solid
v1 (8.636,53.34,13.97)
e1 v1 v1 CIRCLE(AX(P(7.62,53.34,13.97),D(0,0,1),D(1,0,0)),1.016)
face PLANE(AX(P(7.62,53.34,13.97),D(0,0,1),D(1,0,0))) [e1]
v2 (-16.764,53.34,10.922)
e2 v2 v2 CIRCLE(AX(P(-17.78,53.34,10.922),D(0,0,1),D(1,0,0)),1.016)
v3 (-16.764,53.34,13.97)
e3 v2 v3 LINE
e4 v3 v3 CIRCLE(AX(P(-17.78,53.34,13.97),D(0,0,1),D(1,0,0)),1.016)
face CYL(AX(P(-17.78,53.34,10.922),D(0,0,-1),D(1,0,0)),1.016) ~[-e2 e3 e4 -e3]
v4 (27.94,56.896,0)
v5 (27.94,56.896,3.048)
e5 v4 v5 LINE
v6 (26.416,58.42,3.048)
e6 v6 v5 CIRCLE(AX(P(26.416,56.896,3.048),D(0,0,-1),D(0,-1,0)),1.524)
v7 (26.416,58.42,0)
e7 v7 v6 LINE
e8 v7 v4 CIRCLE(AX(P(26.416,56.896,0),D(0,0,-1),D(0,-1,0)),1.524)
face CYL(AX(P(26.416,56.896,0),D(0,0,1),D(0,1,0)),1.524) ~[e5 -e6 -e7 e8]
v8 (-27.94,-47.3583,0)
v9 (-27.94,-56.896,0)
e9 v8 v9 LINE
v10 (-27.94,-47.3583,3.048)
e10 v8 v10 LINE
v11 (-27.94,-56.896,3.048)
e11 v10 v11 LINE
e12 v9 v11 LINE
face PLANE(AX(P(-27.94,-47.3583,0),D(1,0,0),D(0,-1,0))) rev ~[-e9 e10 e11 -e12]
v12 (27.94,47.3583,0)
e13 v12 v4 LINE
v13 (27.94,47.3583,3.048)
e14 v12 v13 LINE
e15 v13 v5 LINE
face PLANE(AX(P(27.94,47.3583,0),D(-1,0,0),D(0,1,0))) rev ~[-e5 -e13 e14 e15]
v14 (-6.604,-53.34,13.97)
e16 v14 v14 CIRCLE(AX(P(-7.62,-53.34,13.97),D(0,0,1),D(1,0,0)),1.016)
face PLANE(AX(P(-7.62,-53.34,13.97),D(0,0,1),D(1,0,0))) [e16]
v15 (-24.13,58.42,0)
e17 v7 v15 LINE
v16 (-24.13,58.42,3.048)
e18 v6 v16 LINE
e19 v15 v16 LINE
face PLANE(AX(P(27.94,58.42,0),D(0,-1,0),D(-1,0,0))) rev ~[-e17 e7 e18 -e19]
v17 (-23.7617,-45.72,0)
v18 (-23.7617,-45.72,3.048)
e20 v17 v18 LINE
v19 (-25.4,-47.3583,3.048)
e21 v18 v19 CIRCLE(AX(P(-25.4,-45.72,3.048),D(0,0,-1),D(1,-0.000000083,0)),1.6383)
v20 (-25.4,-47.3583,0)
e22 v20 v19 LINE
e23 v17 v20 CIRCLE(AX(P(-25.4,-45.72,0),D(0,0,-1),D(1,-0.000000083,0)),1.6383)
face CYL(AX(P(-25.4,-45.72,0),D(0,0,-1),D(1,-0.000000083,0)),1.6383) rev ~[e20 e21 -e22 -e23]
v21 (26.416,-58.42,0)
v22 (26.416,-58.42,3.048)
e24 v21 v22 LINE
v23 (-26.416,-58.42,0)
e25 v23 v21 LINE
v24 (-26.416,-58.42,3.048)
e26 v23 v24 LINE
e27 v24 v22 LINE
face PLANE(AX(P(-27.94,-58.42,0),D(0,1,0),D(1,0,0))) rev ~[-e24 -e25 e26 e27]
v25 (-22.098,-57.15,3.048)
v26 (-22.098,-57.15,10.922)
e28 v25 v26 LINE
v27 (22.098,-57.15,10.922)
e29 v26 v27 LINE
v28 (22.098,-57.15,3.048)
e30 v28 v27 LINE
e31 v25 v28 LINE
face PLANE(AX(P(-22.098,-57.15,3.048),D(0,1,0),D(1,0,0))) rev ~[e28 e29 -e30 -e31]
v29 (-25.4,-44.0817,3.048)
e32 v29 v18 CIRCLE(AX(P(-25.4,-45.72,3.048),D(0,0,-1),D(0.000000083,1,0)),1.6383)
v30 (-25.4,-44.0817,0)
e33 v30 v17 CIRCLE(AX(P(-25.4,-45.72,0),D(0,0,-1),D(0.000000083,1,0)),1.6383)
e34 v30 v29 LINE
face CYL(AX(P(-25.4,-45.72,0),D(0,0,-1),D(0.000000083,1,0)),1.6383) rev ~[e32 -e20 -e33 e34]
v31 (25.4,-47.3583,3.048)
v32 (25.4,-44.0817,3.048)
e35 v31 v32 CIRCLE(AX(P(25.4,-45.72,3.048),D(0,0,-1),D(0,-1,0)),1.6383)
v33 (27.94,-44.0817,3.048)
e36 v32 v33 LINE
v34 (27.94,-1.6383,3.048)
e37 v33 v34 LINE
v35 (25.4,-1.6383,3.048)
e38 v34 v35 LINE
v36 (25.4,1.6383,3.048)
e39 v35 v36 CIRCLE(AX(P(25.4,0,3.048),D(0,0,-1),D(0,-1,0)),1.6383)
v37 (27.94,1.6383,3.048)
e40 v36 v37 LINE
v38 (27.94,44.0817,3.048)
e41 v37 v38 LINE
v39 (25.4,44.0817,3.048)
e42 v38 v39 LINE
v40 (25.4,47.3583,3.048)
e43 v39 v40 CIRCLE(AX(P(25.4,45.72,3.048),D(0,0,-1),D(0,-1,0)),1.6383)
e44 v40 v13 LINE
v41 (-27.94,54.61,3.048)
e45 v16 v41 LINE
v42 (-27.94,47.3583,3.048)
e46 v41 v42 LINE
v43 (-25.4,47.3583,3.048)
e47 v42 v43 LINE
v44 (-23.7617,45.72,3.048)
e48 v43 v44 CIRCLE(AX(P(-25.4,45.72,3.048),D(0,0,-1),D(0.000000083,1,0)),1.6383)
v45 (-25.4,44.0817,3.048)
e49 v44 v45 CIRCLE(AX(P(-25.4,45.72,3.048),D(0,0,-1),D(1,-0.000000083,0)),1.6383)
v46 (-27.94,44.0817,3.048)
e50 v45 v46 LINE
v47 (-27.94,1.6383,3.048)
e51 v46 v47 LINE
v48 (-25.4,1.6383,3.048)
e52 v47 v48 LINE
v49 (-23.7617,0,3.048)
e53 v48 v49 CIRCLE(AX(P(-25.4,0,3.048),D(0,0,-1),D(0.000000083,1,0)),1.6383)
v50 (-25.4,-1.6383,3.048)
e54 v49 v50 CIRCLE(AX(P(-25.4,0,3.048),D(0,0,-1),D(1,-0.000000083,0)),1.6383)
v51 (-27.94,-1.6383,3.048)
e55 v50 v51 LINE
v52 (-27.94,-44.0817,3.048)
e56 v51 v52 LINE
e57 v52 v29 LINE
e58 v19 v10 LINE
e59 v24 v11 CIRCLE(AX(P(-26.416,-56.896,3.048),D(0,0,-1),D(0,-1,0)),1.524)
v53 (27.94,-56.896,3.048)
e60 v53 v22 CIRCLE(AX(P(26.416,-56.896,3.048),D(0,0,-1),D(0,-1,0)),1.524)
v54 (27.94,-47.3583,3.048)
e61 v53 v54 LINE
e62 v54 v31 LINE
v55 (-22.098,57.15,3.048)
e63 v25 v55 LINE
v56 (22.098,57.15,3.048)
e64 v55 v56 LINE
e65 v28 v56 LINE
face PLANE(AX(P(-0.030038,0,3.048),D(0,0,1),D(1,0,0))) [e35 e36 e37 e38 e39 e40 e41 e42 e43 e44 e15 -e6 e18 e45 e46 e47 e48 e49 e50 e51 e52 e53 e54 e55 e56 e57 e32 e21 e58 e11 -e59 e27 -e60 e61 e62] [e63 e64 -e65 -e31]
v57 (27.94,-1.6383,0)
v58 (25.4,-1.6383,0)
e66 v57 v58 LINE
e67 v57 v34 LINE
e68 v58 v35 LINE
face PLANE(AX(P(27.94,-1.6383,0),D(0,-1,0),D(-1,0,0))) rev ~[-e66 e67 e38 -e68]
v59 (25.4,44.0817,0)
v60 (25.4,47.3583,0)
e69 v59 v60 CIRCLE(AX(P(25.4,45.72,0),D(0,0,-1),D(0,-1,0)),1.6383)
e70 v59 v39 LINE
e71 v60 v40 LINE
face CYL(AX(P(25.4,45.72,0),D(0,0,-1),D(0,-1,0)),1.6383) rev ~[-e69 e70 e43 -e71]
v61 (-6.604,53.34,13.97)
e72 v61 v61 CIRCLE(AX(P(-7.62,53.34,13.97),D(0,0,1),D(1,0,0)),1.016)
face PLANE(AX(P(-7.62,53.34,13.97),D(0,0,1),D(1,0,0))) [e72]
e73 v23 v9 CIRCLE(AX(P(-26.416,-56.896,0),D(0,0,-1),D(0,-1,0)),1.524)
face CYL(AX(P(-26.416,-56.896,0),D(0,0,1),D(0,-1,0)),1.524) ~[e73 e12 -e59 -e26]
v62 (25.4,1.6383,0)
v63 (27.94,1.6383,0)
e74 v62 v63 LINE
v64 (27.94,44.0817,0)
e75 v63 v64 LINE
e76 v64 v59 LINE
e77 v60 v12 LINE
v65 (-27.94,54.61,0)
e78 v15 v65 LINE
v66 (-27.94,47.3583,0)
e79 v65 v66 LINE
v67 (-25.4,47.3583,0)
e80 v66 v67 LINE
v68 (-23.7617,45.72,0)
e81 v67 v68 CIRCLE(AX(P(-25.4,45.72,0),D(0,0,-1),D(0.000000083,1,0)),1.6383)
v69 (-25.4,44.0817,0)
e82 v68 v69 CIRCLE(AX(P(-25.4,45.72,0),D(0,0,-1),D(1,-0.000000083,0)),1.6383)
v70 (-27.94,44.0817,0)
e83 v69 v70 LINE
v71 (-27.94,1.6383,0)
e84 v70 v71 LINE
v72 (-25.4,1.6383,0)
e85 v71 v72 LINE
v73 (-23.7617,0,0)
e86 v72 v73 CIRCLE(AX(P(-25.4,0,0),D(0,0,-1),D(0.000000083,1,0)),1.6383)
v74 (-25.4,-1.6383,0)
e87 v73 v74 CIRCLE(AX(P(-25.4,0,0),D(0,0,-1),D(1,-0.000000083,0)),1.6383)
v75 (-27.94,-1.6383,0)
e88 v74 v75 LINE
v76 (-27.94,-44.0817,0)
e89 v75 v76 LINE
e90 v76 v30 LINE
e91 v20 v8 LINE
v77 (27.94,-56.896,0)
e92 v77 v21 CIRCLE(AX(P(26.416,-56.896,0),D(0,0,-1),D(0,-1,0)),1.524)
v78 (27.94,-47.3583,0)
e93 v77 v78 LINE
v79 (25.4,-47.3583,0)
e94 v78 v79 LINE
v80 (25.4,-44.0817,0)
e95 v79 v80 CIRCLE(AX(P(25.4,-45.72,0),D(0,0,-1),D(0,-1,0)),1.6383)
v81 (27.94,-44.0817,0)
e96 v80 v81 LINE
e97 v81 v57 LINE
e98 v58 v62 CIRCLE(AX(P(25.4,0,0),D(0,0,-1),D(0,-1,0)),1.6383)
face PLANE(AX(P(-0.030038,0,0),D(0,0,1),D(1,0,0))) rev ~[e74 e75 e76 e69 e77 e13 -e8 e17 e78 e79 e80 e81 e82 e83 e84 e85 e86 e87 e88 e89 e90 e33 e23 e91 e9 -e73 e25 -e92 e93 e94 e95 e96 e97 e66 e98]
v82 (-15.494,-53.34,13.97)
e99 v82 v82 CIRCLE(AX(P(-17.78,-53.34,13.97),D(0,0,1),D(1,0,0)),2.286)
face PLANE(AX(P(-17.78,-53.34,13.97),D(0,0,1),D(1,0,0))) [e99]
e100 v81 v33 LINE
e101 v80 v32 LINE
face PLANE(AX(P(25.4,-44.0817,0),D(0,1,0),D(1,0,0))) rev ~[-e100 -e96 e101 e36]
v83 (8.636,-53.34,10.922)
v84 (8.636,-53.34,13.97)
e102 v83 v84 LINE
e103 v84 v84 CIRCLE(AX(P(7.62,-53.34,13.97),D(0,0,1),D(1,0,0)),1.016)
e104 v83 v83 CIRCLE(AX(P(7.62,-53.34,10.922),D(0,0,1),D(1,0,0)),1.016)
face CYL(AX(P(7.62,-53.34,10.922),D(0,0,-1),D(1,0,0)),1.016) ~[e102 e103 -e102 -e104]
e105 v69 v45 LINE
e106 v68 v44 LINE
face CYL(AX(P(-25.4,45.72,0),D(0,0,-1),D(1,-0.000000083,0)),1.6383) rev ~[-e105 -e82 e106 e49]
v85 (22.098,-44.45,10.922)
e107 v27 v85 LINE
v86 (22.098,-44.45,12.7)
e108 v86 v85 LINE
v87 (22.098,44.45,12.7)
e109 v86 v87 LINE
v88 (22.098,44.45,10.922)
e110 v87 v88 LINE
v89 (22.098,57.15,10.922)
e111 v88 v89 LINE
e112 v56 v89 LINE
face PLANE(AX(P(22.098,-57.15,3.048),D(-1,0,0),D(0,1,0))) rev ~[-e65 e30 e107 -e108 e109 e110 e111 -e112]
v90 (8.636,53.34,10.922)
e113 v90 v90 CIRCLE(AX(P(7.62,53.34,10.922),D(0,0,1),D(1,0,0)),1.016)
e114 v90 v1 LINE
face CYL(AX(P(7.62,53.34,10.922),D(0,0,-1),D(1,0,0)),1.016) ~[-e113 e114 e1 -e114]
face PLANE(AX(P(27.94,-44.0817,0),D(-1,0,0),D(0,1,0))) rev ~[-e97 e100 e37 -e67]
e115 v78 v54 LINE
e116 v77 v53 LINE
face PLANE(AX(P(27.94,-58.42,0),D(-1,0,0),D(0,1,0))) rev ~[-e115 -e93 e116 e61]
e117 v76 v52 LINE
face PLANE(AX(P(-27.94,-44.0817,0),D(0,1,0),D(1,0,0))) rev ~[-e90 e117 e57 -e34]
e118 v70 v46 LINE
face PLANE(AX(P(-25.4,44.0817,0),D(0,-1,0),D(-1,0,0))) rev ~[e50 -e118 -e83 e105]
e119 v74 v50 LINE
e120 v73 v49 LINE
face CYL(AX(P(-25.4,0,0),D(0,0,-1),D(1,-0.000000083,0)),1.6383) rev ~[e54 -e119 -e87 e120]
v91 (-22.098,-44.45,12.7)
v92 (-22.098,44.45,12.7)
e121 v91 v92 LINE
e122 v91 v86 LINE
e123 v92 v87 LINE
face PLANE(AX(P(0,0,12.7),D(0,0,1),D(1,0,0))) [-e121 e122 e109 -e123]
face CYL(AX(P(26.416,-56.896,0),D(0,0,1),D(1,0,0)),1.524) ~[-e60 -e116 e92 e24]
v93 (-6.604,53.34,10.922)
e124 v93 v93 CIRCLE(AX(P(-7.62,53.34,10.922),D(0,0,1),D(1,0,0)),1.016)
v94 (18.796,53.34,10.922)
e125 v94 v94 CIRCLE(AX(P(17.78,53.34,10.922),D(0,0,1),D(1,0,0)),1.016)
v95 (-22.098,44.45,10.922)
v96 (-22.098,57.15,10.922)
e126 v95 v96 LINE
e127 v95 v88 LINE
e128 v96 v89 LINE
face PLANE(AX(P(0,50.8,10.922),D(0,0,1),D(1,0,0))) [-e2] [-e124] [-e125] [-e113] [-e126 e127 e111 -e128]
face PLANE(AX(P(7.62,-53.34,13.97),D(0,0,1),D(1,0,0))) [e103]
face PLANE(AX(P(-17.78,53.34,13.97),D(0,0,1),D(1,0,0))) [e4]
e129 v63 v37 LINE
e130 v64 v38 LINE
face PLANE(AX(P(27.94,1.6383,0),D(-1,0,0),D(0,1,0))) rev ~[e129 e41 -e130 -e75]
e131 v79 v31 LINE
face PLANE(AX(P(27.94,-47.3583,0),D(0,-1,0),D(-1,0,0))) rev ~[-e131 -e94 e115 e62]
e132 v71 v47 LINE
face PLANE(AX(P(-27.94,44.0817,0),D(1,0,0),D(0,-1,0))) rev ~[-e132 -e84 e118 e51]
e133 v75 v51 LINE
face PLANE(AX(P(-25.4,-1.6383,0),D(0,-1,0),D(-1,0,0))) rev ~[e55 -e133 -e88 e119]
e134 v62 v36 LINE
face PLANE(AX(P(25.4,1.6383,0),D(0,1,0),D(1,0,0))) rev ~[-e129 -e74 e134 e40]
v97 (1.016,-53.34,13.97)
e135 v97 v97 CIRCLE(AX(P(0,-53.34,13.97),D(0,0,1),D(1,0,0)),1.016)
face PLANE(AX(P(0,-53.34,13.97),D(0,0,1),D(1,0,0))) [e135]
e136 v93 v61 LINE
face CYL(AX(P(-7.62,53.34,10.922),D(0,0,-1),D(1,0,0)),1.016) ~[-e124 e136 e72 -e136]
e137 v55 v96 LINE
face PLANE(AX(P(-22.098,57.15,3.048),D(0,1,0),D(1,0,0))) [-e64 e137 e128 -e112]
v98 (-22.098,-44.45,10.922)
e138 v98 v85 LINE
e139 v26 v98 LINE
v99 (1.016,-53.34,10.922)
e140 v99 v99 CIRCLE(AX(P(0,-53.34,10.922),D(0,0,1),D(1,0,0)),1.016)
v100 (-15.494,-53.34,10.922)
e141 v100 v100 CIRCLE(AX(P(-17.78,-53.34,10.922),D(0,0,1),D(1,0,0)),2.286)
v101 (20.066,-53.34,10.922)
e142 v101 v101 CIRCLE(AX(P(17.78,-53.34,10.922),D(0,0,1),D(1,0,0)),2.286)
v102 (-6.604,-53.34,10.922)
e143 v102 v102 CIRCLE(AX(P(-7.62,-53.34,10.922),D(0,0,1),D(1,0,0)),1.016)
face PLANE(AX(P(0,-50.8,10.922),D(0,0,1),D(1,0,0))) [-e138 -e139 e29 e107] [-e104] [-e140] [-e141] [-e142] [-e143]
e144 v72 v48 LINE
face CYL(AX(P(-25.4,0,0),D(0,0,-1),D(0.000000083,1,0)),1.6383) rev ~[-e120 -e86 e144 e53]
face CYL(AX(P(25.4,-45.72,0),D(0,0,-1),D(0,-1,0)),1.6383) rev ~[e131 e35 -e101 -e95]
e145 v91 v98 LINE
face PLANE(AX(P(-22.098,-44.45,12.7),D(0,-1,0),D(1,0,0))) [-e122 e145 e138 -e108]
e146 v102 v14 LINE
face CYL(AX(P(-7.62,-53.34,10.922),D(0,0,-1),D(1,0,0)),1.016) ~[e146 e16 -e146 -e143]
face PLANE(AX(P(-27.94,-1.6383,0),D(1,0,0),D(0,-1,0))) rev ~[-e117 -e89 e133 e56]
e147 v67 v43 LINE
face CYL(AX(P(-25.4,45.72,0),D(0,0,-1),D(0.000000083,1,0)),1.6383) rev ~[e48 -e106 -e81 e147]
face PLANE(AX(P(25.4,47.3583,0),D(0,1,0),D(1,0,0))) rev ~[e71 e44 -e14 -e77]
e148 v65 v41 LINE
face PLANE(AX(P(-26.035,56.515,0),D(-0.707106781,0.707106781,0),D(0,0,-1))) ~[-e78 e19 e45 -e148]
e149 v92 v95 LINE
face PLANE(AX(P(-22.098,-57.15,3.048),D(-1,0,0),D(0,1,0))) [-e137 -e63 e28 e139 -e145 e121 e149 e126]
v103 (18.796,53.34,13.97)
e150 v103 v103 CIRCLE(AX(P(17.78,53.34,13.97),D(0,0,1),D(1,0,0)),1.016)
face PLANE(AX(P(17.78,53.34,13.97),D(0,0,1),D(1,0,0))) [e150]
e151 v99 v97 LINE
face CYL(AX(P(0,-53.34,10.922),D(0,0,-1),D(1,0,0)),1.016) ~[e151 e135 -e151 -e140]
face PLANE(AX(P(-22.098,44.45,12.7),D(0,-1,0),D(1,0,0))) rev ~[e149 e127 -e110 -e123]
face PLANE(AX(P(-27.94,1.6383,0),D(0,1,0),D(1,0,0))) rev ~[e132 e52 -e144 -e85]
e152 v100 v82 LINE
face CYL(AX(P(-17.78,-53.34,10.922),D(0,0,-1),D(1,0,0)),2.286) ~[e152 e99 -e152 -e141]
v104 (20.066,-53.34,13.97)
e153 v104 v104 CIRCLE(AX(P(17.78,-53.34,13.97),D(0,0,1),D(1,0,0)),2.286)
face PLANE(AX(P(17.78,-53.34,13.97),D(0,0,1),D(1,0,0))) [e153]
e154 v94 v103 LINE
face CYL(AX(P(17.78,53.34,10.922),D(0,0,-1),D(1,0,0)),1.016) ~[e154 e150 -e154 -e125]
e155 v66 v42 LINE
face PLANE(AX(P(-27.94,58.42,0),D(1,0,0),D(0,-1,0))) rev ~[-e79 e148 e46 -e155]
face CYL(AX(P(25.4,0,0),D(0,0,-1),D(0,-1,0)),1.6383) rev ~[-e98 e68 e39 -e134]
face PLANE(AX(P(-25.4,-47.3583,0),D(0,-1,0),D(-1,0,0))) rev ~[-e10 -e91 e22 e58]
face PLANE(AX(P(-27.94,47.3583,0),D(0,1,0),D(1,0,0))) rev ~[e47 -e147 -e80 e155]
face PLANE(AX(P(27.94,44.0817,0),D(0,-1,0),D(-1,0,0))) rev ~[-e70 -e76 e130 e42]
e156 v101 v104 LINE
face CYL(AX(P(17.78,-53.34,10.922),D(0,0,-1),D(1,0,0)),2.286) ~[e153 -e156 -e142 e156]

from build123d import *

# Parameters (mm, degrees)
F1_DEPTH  = 3.048
F2_SIZE   = 3.81
F3_R      = 1.524
F4_W      = 44.196
F4_H      = 114.3
F5_DEPTH  = 9.652
F6_W      = 44.196
F6_H      = 12.7
F7_DEPTH  = 1.778
F8_R      = 2.286
F9_DEPTH  = 3.048
F10_R     = 1.016
F11_DEPTH = 3.048


with BuildPart() as f1:
    # F0 (on Top) → F1 (new body)
    with BuildSketch(Plane.XY):
        with BuildLine():
            Line((-27.94, -58.42), (27.94, -58.42))
            Line((27.94, -58.42), (27.94, -47.3583))
            Line((27.94, -47.3583), (25.4, -47.3583))
            ThreePointArc((25.4, -47.3583), (23.7617, -45.72), (25.4, -44.0817))
            Line((25.4, -44.0817), (27.94, -44.0817))
            Line((27.94, -44.0817), (27.94, -1.6383))
            Line((27.94, -1.6383), (25.4, -1.6383))
            ThreePointArc((25.4, -1.6383), (23.7617, 0), (25.4, 1.6383))
            Line((25.4, 1.6383), (27.94, 1.6383))
            Line((27.94, 1.6383), (27.94, 44.0817))
            Line((27.94, 44.0817), (25.4, 44.0817))
            ThreePointArc((25.4, 44.0817), (23.7617, 45.72), (25.4, 47.3583))
            Line((25.4, 47.3583), (27.94, 47.3583))
            Line((27.94, 47.3583), (27.94, 58.42))
            Line((27.94, 58.42), (-27.94, 58.42))
            Line((-27.94, 58.42), (-27.94, 47.3583))
            Line((-27.94, 47.3583), (-25.4, 47.3583))
            ThreePointArc((-25.4, 47.3583), (-24.241547, 46.878453), (-23.7617, 45.72))
            ThreePointArc((-23.7617, 45.72), (-24.241547, 44.561547), (-25.4, 44.0817))
            Line((-25.4, 44.0817), (-27.94, 44.0817))
            Line((-27.94, 44.0817), (-27.94, 1.6383))
            Line((-27.94, 1.6383), (-25.4, 1.6383))
            ThreePointArc((-25.4, 1.6383), (-24.241547, 1.158453), (-23.7617, 0))
            ThreePointArc((-23.7617, 0), (-24.241547, -1.158453), (-25.4, -1.6383))
            Line((-25.4, -1.6383), (-27.94, -1.6383))
            Line((-27.94, -1.6383), (-27.94, -44.0817))
            Line((-27.94, -44.0817), (-25.4, -44.0817))
            ThreePointArc((-25.4, -44.0817), (-24.241547, -44.561547), (-23.7617, -45.72))
            ThreePointArc((-23.7617, -45.72), (-24.241547, -46.878453), (-25.4, -47.3583))
            Line((-25.4, -47.3583), (-27.94, -47.3583))
            Line((-27.94, -47.3583), (-27.94, -58.42))
        make_face()
    extrude(amount=F1_DEPTH)

    # F2
    f2_edges = [f1.edges().sort_by_distance(p)[0] for p in [
        (-27.94, 58.42, 1.524),
    ]]
    chamfer(f2_edges, length=F2_SIZE)

    # F3
    f3_edges = [f1.edges().sort_by_distance(p)[0] for p in [
        (27.94, 58.42, 1.524),
        (27.94, -58.42, 1.524),
        (-27.94, -58.42, 1.524),
    ]]
    fillet(f3_edges, radius=F3_R)

    # F4 (on face) → F5 (join)
    with BuildSketch(Plane.XY.offset(3.048)):
        Rectangle(F4_W, F4_H)
    extrude(amount=F5_DEPTH)

    # F6 (on face) → F7 (cut)
    with BuildSketch(Plane.XY.offset(12.7)):
        with Locations((0, -50.8)):
            Rectangle(F6_W, F6_H)
        with Locations((0, 50.8)):
            Rectangle(F6_W, F6_H)
    extrude(amount=-F7_DEPTH, mode=Mode.SUBTRACT)

    # F8 (on face) → F9 (join)
    with BuildSketch(Plane.XY.offset(10.922)):
        with Locations((-17.78, -53.34)):
            Circle(F8_R)
        with Locations((17.78, -53.34)):
            Circle(F8_R)
    extrude(amount=F9_DEPTH)

    # F10 (on face) → F11 (join, through all)
    with BuildSketch(Plane.XY.offset(10.922)):
        with Locations((-7.62, -53.34)):
            Circle(F10_R)
        with Locations((0, -53.34)):
            Circle(F10_R)
        with Locations((7.62, -53.34)):
            Circle(F10_R)
        with Locations((-17.78, 53.34)):
            Circle(F10_R)
        with Locations((-7.62, 53.34)):
            Circle(F10_R)
        with Locations((7.62, 53.34)):
            Circle(F10_R)
        with Locations((17.78, 53.34)):
            Circle(F10_R)
    extrude(amount=F11_DEPTH)


solid = f1.part
